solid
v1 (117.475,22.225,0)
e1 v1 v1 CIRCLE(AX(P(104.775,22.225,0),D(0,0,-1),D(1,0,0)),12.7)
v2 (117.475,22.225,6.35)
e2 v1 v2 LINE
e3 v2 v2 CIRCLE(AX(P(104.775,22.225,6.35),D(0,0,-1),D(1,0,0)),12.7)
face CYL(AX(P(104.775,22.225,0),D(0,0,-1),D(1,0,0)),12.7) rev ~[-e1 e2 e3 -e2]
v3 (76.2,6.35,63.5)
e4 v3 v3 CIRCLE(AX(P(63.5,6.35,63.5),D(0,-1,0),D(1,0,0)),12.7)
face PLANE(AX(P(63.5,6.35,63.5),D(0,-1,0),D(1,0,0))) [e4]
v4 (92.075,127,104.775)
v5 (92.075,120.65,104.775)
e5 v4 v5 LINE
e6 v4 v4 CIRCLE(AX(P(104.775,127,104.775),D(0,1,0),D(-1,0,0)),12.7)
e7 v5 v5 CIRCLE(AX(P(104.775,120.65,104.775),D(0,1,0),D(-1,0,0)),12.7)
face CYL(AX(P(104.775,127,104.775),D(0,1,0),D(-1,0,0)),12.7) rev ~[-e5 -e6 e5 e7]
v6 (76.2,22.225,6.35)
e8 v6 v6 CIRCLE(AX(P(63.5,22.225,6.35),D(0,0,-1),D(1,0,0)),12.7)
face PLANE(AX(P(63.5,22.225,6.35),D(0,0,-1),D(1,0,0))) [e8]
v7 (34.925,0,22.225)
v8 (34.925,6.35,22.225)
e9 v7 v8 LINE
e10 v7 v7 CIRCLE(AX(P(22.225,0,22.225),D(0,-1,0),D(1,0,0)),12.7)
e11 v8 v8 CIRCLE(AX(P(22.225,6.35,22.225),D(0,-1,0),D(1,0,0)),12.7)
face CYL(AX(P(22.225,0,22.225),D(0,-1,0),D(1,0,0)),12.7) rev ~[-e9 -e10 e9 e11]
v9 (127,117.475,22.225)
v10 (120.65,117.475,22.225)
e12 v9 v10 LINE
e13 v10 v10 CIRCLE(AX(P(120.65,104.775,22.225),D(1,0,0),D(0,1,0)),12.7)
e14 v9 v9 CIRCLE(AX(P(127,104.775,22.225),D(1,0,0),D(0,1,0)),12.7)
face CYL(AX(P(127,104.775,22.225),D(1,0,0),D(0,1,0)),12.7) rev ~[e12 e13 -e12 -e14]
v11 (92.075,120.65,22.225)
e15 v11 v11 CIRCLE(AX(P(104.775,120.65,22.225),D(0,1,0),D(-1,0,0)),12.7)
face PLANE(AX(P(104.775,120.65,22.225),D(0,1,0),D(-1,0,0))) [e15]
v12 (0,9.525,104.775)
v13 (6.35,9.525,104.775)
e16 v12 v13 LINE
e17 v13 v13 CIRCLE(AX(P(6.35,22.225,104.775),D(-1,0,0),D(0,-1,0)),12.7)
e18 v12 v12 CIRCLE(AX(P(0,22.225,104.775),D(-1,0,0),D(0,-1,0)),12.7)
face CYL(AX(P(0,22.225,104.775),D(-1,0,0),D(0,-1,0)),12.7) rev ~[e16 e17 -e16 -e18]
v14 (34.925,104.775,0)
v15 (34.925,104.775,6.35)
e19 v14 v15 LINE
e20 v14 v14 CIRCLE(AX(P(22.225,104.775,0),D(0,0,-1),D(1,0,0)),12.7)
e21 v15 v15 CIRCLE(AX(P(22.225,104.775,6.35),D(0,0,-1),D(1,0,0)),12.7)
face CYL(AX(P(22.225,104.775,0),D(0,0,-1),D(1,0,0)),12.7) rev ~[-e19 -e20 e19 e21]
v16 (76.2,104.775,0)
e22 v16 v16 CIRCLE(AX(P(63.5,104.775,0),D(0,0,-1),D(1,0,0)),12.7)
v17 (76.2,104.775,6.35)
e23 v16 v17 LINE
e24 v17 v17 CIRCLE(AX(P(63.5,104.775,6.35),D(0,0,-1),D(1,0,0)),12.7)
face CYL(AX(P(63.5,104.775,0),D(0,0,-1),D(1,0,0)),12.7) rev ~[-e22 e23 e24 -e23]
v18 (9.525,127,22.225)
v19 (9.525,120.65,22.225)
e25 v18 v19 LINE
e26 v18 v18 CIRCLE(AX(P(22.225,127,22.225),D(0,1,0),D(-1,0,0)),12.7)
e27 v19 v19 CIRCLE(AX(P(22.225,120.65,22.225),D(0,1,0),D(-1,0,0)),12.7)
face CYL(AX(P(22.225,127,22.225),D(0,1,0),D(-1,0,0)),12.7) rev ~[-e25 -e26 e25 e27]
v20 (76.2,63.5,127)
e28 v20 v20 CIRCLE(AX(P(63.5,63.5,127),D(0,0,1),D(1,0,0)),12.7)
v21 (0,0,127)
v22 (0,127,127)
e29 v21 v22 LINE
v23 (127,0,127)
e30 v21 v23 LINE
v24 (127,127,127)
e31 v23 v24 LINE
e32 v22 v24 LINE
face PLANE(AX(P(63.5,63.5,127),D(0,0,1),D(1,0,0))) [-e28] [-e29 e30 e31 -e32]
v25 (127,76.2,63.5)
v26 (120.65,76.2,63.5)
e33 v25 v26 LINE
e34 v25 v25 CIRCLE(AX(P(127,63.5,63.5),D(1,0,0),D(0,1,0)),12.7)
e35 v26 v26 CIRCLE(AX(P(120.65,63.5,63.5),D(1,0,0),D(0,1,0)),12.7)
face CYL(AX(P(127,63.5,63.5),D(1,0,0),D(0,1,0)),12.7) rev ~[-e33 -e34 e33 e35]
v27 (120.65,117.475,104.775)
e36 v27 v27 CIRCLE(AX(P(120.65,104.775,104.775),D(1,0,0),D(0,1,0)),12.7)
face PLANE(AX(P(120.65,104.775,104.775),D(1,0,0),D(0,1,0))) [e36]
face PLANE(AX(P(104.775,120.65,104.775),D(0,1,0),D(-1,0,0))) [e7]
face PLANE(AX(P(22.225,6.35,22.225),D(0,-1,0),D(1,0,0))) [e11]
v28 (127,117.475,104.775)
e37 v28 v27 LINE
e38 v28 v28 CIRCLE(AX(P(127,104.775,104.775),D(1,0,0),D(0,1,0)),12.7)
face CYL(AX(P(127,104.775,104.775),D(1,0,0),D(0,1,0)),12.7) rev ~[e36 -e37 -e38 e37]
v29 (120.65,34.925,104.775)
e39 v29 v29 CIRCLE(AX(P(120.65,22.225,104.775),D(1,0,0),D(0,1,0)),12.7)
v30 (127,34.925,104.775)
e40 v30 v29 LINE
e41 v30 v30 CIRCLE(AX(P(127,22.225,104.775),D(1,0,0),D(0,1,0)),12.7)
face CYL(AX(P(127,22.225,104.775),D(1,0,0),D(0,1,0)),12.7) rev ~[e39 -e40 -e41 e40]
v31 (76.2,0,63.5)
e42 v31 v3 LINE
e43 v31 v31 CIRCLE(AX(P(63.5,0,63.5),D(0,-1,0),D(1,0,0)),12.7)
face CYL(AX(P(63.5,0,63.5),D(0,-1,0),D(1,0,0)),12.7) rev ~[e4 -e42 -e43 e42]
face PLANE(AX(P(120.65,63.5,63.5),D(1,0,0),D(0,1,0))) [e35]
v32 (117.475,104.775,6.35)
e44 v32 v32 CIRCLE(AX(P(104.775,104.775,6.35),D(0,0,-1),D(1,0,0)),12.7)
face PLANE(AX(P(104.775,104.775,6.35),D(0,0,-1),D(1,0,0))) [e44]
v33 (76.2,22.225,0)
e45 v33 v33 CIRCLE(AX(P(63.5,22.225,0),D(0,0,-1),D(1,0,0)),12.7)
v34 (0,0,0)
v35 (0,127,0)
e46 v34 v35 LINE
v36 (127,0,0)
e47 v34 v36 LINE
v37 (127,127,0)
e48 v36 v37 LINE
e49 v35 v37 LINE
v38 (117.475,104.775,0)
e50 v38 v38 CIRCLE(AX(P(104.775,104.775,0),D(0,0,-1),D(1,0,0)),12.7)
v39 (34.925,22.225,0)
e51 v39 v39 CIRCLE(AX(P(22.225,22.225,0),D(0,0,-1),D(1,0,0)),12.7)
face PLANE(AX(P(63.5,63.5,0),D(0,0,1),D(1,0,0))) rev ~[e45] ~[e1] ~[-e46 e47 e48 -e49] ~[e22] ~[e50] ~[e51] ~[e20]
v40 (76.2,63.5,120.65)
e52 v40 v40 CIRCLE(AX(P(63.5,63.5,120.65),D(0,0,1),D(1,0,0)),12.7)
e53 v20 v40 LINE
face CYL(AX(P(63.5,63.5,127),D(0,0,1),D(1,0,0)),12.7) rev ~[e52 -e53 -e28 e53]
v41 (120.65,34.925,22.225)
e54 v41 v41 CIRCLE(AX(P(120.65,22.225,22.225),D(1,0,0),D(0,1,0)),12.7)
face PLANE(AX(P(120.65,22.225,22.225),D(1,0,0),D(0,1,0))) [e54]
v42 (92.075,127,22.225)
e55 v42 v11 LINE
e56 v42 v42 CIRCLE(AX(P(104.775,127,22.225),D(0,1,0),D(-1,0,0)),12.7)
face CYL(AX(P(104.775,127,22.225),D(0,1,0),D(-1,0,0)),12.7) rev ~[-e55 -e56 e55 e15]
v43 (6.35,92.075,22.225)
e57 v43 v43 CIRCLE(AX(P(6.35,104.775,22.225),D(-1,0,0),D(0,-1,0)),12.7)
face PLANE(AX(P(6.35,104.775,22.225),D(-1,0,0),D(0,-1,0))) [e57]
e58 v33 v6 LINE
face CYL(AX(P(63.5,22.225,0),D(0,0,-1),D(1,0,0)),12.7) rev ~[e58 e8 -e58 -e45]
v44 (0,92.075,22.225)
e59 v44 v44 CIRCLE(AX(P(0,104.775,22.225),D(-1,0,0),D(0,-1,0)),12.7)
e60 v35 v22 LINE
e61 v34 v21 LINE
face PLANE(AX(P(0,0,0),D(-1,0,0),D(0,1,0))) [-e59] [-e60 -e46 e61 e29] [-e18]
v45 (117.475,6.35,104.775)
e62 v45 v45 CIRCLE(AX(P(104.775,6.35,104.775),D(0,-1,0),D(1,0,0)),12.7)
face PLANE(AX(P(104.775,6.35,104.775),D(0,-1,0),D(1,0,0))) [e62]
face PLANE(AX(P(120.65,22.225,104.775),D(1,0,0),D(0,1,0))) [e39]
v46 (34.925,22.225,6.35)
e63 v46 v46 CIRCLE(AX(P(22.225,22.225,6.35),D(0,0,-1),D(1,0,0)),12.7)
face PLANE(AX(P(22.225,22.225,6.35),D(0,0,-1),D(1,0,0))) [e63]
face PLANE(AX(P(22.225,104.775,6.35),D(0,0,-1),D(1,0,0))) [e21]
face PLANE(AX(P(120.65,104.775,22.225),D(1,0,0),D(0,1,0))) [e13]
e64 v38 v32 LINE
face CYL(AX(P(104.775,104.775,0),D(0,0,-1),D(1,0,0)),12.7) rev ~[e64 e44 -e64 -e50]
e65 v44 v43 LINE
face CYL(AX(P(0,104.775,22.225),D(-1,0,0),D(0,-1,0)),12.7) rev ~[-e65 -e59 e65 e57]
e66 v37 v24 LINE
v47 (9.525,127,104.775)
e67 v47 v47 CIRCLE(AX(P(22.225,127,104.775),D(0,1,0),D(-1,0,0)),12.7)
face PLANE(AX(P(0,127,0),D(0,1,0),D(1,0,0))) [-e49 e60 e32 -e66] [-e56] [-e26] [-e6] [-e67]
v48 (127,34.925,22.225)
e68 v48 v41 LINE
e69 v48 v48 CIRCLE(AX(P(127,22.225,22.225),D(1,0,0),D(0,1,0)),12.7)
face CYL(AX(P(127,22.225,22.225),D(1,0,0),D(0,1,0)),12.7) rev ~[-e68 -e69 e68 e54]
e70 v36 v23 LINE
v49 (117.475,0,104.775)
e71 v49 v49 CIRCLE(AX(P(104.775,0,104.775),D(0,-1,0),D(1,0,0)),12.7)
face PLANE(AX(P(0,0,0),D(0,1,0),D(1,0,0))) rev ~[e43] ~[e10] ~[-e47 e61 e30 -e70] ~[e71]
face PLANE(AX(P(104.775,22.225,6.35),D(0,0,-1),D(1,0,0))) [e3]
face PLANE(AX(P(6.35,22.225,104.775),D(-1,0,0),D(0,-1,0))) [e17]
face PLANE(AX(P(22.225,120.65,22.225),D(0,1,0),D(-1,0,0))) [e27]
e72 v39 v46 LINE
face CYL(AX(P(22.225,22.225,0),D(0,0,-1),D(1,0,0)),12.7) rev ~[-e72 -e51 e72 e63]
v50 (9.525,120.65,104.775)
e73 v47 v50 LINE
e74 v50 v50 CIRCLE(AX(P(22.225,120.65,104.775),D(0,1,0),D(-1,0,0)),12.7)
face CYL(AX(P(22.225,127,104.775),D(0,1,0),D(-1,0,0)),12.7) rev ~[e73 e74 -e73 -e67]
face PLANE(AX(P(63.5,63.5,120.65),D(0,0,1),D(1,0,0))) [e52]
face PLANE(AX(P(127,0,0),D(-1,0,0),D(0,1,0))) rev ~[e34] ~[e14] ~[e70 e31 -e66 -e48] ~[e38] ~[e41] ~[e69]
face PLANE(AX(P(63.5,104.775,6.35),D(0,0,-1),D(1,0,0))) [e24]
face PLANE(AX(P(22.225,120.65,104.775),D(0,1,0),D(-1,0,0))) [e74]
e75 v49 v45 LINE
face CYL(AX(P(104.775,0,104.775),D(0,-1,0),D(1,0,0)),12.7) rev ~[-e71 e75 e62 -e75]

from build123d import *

# Parameters (mm, degrees)
F0_W      = 127
F0_H      = 127
F1_DEPTH  = 127
F2_R      = 12.7
F3_DEPTH  = 6.35
F4_R      = 12.7
F5_DEPTH  = 6.35
F6_R      = 12.7
F7_DEPTH  = 6.35
F8_R      = 12.7
F9_DEPTH  = 6.35
F10_R     = 12.7
F11_DEPTH = 6.35
F12_R     = 12.7
F13_DEPTH = 6.35


with BuildPart() as f1:
    # F0 (on Top) → F1 (new body)
    with BuildSketch(Plane.XY):
        with Locations((63.5, 63.5)):
            Rectangle(F0_W, F0_H)
    extrude(amount=F1_DEPTH)

    # F2 (on face) → F3 (cut)
    with BuildSketch(Plane.XY.offset(127)):
        with Locations((63.5, 63.5)):
            Circle(F2_R)
    extrude(amount=-F3_DEPTH, mode=Mode.SUBTRACT)

    # F4 (on face) → F5 (cut)
    with BuildSketch(Plane(origin=(0, 0, 0), x_dir=(0, -1, 0), z_dir=(-1, 0, 0))):
        with Locations((-104.775, 22.225)):
            Circle(F4_R)
        with Locations((-22.225, 104.775)):
            Circle(F4_R)
    extrude(amount=-F5_DEPTH, mode=Mode.SUBTRACT)

    # F6 (on face) → F7 (cut)
    with BuildSketch(Plane.XZ):
        with Locations((22.225, 22.225)):
            Circle(F6_R)
        with Locations((63.5, 63.5)):
            Circle(F6_R)
        with Locations((104.775, 104.775)):
            Circle(F6_R)
    extrude(amount=-F7_DEPTH, mode=Mode.SUBTRACT)

    # F8 (on face) → F9 (cut)
    with BuildSketch(Plane(origin=(0, 127, 0), x_dir=(-1, 0, 0), z_dir=(0, 1, 0))):
        with Locations((-104.775, 104.775)):
            Circle(F8_R)
        with Locations((-104.775, 22.225)):
            Circle(F8_R)
        with Locations((-22.225, 22.225)):
            Circle(F8_R)
        with Locations((-22.225, 104.775)):
            Circle(F8_R)
    extrude(amount=-F9_DEPTH, mode=Mode.SUBTRACT)

    # F10 (on face) → F11 (cut)
    with BuildSketch(Plane.YZ.offset(127)):
        with Locations((63.5, 63.5)):
            Circle(F10_R)
        with Locations((104.775, 104.775)):
            Circle(F10_R)
        with Locations((22.225, 22.225)):
            Circle(F10_R)
        with Locations((22.225, 104.775)):
            Circle(F10_R)
        with Locations((104.775, 22.225)):
            Circle(F10_R)
    extrude(amount=-F11_DEPTH, mode=Mode.SUBTRACT)

    # F12 (on face) → F13 (cut)
    with BuildSketch(Plane(origin=(0, 0, 0), x_dir=(1, 0, 0), z_dir=(0, 0, -1))):
        with Locations((63.5, -104.775)):
            Circle(F12_R)
        with Locations((22.225, -104.775)):
            Circle(F12_R)
        with Locations((104.775, -104.775)):
            Circle(F12_R)
        with Locations((104.775, -22.225)):
            Circle(F12_R)
        with Locations((63.5, -22.225)):
            Circle(F12_R)
        with Locations((22.225, -22.225)):
            Circle(F12_R)
    extrude(amount=-F13_DEPTH, mode=Mode.SUBTRACT)


solid = f1.part
